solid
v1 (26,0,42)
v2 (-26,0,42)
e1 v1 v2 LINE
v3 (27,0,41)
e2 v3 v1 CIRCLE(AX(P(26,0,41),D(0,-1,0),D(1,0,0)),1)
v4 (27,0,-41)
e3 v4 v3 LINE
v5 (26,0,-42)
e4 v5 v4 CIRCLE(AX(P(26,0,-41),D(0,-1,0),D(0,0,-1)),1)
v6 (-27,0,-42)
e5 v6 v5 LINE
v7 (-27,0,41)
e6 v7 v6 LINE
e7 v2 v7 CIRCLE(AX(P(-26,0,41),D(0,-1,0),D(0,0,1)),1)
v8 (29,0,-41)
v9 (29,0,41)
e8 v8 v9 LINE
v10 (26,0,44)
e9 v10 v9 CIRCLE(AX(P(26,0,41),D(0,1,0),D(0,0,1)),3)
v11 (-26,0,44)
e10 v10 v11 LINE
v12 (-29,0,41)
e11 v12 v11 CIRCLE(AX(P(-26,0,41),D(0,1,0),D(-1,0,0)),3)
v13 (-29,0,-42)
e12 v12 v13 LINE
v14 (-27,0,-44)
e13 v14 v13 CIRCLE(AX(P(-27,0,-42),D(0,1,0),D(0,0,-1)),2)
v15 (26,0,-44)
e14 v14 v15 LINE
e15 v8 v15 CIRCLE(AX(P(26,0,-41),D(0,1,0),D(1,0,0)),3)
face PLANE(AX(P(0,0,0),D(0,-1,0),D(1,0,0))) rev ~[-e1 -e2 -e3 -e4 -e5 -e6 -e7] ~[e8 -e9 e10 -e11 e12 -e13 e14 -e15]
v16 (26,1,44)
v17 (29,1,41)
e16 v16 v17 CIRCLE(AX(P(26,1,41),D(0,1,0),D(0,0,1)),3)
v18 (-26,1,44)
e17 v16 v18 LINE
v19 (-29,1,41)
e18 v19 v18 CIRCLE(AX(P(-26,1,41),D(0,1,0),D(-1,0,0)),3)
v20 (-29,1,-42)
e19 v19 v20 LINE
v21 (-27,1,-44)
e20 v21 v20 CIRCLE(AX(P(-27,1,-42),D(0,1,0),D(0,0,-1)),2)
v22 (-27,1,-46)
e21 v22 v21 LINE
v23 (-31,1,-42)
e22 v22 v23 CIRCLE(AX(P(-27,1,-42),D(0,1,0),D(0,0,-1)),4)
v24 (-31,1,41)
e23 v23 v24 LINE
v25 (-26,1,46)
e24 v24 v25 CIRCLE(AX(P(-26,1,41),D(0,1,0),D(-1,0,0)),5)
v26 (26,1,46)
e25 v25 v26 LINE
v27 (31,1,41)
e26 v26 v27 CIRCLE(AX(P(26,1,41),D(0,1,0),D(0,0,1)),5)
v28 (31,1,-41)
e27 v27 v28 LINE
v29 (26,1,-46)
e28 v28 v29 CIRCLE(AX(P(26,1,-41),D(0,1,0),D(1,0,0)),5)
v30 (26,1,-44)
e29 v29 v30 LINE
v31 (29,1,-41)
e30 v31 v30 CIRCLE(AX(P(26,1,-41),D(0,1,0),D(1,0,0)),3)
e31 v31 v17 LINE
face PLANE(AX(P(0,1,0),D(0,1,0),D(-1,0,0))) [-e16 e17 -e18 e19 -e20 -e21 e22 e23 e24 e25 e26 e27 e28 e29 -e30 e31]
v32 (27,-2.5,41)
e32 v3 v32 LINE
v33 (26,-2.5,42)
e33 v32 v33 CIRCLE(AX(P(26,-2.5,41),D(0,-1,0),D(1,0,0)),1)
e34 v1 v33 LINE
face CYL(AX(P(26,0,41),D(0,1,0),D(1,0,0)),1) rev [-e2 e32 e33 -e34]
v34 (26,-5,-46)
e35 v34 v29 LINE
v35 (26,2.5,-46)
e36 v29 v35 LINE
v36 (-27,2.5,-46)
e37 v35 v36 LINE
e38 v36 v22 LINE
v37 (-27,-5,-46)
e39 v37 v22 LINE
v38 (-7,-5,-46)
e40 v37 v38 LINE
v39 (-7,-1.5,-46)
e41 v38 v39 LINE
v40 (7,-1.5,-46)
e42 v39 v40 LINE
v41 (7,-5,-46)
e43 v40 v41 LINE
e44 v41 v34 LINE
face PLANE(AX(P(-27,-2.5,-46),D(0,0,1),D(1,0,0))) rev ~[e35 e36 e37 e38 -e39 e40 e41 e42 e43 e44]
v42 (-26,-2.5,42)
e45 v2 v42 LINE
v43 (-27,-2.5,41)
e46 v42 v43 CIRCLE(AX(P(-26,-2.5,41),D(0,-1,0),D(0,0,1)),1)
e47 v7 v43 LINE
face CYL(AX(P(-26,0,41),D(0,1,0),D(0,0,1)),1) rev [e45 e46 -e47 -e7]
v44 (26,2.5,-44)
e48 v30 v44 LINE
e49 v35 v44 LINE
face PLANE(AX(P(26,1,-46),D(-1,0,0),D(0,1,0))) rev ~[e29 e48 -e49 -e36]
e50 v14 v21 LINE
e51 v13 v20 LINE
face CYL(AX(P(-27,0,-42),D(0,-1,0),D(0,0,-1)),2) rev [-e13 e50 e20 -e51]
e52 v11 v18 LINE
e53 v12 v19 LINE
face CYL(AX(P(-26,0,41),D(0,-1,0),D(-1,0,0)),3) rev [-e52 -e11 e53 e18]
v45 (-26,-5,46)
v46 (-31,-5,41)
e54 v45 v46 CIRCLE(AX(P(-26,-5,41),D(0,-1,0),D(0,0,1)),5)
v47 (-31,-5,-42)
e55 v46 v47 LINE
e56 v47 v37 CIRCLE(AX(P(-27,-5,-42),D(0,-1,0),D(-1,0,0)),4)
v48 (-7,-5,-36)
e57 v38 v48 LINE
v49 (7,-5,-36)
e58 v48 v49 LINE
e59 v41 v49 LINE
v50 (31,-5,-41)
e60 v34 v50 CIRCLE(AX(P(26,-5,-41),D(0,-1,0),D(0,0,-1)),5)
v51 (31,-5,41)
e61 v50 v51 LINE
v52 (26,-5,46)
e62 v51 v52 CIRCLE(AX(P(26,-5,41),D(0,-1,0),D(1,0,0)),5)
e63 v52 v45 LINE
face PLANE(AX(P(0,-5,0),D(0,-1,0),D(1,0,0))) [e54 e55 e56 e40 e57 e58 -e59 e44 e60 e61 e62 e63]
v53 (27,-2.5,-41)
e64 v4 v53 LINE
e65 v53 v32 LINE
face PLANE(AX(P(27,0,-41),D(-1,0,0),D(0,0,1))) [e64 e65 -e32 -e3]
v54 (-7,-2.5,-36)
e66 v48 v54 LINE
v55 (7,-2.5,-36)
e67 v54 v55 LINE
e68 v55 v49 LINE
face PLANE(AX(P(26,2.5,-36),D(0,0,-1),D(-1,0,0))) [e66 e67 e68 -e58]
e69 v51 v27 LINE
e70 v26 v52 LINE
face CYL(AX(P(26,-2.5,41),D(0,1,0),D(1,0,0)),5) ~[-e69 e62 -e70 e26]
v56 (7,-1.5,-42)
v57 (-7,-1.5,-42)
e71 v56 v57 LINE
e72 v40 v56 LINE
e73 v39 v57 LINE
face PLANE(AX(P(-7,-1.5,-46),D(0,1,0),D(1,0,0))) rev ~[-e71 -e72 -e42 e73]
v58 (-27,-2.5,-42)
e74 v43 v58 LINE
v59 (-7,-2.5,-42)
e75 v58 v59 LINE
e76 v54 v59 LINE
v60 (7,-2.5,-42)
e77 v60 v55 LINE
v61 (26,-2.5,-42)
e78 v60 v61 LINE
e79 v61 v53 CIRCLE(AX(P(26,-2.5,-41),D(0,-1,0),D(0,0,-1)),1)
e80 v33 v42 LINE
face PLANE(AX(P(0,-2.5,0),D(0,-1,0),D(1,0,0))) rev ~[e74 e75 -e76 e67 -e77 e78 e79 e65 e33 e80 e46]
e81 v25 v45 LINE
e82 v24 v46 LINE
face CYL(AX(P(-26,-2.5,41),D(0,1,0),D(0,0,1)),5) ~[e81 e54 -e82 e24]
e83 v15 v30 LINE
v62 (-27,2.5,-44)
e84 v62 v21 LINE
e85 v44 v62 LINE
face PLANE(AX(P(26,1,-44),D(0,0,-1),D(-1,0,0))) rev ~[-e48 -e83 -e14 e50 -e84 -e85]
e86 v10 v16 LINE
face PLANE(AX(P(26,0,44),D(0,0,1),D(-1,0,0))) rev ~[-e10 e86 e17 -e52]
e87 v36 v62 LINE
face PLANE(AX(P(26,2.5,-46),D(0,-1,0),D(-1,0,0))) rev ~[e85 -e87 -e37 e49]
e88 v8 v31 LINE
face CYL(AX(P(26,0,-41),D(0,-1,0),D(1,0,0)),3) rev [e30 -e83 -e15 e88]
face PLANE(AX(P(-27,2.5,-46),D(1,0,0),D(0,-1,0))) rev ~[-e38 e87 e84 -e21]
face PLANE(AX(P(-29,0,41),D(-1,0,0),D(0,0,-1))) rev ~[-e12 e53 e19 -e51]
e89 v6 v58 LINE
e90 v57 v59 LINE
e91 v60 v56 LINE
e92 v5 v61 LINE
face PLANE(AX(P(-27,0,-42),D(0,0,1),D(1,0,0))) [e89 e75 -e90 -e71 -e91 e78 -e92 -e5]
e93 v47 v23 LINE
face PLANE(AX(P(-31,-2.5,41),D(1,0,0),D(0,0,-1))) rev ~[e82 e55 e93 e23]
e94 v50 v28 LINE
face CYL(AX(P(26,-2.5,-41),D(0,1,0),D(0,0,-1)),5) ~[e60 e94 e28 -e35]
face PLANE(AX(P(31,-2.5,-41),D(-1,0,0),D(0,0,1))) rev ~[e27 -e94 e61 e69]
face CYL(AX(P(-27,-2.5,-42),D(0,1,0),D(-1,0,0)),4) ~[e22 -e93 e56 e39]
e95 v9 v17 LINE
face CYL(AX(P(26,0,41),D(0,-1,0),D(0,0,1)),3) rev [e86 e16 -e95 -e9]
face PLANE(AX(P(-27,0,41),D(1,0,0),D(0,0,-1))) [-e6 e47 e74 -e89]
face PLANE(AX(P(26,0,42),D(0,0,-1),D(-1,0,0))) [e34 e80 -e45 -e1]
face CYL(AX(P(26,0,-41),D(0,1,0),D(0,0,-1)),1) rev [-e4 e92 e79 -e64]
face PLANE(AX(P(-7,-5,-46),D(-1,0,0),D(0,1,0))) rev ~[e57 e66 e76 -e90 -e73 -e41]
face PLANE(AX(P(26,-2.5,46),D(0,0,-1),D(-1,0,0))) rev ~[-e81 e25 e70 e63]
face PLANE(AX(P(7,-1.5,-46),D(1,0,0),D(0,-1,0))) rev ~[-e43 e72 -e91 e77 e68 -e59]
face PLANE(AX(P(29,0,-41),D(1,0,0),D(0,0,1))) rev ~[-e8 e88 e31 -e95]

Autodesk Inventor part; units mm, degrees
ref_plane "YZ Plane" through (0, 0, 0) normal (1, 0, 0) x (0, 1, 0)
ref_plane "XZ Plane" through (0, 0, 0) normal (0, 1, 0) x (-1, 0, 0)
ref_plane "XY Plane" through (0, 0, 0) normal (0, 0, 1) x (1, 0, 0)
sketch "Sketch1" plane through (0, 0, 0) normal (0, 1, 0) x (-1, 0, 0)
  line L0 (-26, 44) -> (26, 44)
  line L1 (29, 41) -> (29, -42)
  line L2 (27, -44) -> (-26, -44)
  line L3 (-29, -41) -> (-29, 41)
  line L4 (-29, 44) -> (29, -44) construction
  line L5 (29, 44) -> (-29, -44) construction
  arc A0 (27, -44) -> (29, -42) centre (27, -42) ccw
  arc A1 (-29, -41) -> (-26, -44) centre (-26, -41) ccw
  arc A2 (-26, 44) -> (-29, 41) centre (-26, 41) ccw
  arc A3 (29, 41) -> (26, 44) centre (26, 41) ccw
  line L6 (31, -42) -> (31, 41)
  arc A4 (31, 41) -> (26, 46) centre (26, 41) ccw
  line L7 (26, 46) -> (-26, 46)
  arc A5 (-26, 46) -> (-31, 41) centre (-26, 41) ccw
  line L8 (-31, 41) -> (-31, -41)
  arc A6 (-31, -41) -> (-26, -46) centre (-26, -41) ccw
  line L9 (-26, -46) -> (27, -46)
  arc A7 (27, -46) -> (31, -42) centre (27, -42) ccw
  point P0 (0, 0)
  dimension "d0" = 58
  dimension "d1" = 88
  dimension "d2" = 2
  dimension "d3" = 3
  dimension "d4" = 2
extrude "Extrusion1" add sketch "Sketch1" along normal blind 1
sketch "Sketch2" plane through (0, 0, 0) normal (0, -1, 0) x (1, 0, 0)
  arc A0 (-26, 46) -> (-31, 41) centre (-26, 41) ccw projected
  line L0 (-26, 46) -> (26, 46) projected
  arc A1 (31, 41) -> (26, 46) centre (26, 41) ccw projected
  line L1 (31, 41) -> (31, -41) projected
  arc A2 (26, -46) -> (31, -41) centre (26, -41) ccw projected
  line L2 (26, -46) -> (-27, -46) projected
  arc A3 (-31, -42) -> (-27, -46) centre (-27, -42) ccw projected
  line L3 (-31, -42) -> (-31, 41) projected
  line L4 (-27, -46) -> (26, -46)
  line L5 (31, -41) -> (31, 41)
  line L6 (26, 46) -> (-26, 46)
  line L7 (-31, 41) -> (-31, -42)
  line L8 (-30, -44.5) -> (30, 44.5) construction
  line L9 (30, -44.5) -> (-30, 44.5) construction
  arc A4 (-26, 46) -> (-31, 41) centre (-26, 41) ccw
  arc A5 (31, 41) -> (26, 46) centre (26, 41) ccw
  arc A6 (26, -44) -> (29, -41) centre (26, -41) ccw projected
  arc A7 (26, -46) -> (31, -41) centre (26, -41) ccw
  arc A8 (-31, -42) -> (-27, -46) centre (-27, -42) ccw
  line L10 (26, 42) -> (-26, 42)
  arc A9 (-26, 42) -> (-27, 41) centre (-26, 41) ccw
  line L11 (-27, 41) -> (-27, -42)
  line L12 (-27, -42) -> (26, -42)
  arc A10 (26, -42) -> (27, -41) centre (26, -41) ccw
  line L13 (27, -41) -> (27, 41)
  arc A11 (27, 41) -> (26, 42) centre (26, 41) ccw
  point P0 (0, 0)
  dimension "d12" = 4
extrude "Extrusion2" add sketch "Sketch2" along normal blind 2.5
sketch "Sketch3" plane through (26, 1, -46) normal (0, 0, -1) x (-1, 0, 0)
  line L0 (53, -3.5) -> (53, 0) projected
  line L1 (53, 0) -> (0, 0)
  line L2 (0, 0) -> (0, 1.5)
  line L3 (0, 1.5) -> (53, 1.5)
  line L4 (53, 1.5) -> (53, 0)
  point P0 (26, -1)
  dimension "d9" = 1.5
extrude "Extrusion3" add sketch "Sketch3" against normal blind 2
sketch "Sketch4" plane through (0, -2.5, 0) normal (0, -1, 0) x (1, 0, 0)
  line L0 (26, 46) -> (-26, 46)
  line L1 (-31, 41) -> (-31, -42)
  line L2 (-27, -46) -> (26, -46)
  line L3 (31, -41) -> (31, 41)
  line L4 (30, 44.5) -> (-30, -44.5) construction
  line L5 (-30, 44.5) -> (30, -44.5) construction
  line L6 (-27, -46) -> (26, -46) projected
  line L7 (-31, 41) -> (-31, -42) projected
  arc A0 (26, -46) -> (31, -41) centre (26, -41) ccw projected
  arc A1 (-31, -42) -> (-27, -46) centre (-27, -42) ccw projected
  arc A2 (-26, 46) -> (-31, 41) centre (-26, 41) ccw projected
  arc A3 (31, 41) -> (26, 46) centre (26, 41) ccw projected
  arc A4 (26, -46) -> (31, -41) centre (26, -41) ccw
  line L8 (26, -42) -> (-27, -42) projected
  arc A5 (-31, -42) -> (-27, -46) centre (-27, -42) ccw
  arc A6 (-26, 46) -> (-31, 41) centre (-26, 41) ccw
  arc A7 (31, 41) -> (26, 46) centre (26, 41) ccw
  line L9 (26, 46) -> (-26, 46) projected
  point P0 (0, 0)
  point P1 (-31, 41)
  point P2 (-31, -42)
  point P3 (26, -46)
extrude "Extrusion4" add sketch "Sketch4" along normal blind 2.5
sketch "Sketch5" plane through (26, 2.5, -46) normal (0, 0, -1) x (-1, 0, 0)
  line L0 (53, -7.5) -> (0, -7.5) projected
  line L1 (19, -7.5) -> (33, -7.5)
  line L2 (33, -7.5) -> (33, -4)
  line L3 (33, -4) -> (19, -4)
  line L4 (19, -4) -> (19, -7.5)
  line L5 (19, -7.5) -> (33, -4) construction
  line L6 (33, -7.5) -> (19, -4) construction
  point P0 (26, -2.5)
  point P1 (26, -5.75)
  dimension "d16" = 14
  dimension "d17" = 0
  dimension "d18" = 3.5
extrude "Extrusion5" cut sketch "Sketch5" against normal blind 10
properties part number "piholder-proto-v3"
